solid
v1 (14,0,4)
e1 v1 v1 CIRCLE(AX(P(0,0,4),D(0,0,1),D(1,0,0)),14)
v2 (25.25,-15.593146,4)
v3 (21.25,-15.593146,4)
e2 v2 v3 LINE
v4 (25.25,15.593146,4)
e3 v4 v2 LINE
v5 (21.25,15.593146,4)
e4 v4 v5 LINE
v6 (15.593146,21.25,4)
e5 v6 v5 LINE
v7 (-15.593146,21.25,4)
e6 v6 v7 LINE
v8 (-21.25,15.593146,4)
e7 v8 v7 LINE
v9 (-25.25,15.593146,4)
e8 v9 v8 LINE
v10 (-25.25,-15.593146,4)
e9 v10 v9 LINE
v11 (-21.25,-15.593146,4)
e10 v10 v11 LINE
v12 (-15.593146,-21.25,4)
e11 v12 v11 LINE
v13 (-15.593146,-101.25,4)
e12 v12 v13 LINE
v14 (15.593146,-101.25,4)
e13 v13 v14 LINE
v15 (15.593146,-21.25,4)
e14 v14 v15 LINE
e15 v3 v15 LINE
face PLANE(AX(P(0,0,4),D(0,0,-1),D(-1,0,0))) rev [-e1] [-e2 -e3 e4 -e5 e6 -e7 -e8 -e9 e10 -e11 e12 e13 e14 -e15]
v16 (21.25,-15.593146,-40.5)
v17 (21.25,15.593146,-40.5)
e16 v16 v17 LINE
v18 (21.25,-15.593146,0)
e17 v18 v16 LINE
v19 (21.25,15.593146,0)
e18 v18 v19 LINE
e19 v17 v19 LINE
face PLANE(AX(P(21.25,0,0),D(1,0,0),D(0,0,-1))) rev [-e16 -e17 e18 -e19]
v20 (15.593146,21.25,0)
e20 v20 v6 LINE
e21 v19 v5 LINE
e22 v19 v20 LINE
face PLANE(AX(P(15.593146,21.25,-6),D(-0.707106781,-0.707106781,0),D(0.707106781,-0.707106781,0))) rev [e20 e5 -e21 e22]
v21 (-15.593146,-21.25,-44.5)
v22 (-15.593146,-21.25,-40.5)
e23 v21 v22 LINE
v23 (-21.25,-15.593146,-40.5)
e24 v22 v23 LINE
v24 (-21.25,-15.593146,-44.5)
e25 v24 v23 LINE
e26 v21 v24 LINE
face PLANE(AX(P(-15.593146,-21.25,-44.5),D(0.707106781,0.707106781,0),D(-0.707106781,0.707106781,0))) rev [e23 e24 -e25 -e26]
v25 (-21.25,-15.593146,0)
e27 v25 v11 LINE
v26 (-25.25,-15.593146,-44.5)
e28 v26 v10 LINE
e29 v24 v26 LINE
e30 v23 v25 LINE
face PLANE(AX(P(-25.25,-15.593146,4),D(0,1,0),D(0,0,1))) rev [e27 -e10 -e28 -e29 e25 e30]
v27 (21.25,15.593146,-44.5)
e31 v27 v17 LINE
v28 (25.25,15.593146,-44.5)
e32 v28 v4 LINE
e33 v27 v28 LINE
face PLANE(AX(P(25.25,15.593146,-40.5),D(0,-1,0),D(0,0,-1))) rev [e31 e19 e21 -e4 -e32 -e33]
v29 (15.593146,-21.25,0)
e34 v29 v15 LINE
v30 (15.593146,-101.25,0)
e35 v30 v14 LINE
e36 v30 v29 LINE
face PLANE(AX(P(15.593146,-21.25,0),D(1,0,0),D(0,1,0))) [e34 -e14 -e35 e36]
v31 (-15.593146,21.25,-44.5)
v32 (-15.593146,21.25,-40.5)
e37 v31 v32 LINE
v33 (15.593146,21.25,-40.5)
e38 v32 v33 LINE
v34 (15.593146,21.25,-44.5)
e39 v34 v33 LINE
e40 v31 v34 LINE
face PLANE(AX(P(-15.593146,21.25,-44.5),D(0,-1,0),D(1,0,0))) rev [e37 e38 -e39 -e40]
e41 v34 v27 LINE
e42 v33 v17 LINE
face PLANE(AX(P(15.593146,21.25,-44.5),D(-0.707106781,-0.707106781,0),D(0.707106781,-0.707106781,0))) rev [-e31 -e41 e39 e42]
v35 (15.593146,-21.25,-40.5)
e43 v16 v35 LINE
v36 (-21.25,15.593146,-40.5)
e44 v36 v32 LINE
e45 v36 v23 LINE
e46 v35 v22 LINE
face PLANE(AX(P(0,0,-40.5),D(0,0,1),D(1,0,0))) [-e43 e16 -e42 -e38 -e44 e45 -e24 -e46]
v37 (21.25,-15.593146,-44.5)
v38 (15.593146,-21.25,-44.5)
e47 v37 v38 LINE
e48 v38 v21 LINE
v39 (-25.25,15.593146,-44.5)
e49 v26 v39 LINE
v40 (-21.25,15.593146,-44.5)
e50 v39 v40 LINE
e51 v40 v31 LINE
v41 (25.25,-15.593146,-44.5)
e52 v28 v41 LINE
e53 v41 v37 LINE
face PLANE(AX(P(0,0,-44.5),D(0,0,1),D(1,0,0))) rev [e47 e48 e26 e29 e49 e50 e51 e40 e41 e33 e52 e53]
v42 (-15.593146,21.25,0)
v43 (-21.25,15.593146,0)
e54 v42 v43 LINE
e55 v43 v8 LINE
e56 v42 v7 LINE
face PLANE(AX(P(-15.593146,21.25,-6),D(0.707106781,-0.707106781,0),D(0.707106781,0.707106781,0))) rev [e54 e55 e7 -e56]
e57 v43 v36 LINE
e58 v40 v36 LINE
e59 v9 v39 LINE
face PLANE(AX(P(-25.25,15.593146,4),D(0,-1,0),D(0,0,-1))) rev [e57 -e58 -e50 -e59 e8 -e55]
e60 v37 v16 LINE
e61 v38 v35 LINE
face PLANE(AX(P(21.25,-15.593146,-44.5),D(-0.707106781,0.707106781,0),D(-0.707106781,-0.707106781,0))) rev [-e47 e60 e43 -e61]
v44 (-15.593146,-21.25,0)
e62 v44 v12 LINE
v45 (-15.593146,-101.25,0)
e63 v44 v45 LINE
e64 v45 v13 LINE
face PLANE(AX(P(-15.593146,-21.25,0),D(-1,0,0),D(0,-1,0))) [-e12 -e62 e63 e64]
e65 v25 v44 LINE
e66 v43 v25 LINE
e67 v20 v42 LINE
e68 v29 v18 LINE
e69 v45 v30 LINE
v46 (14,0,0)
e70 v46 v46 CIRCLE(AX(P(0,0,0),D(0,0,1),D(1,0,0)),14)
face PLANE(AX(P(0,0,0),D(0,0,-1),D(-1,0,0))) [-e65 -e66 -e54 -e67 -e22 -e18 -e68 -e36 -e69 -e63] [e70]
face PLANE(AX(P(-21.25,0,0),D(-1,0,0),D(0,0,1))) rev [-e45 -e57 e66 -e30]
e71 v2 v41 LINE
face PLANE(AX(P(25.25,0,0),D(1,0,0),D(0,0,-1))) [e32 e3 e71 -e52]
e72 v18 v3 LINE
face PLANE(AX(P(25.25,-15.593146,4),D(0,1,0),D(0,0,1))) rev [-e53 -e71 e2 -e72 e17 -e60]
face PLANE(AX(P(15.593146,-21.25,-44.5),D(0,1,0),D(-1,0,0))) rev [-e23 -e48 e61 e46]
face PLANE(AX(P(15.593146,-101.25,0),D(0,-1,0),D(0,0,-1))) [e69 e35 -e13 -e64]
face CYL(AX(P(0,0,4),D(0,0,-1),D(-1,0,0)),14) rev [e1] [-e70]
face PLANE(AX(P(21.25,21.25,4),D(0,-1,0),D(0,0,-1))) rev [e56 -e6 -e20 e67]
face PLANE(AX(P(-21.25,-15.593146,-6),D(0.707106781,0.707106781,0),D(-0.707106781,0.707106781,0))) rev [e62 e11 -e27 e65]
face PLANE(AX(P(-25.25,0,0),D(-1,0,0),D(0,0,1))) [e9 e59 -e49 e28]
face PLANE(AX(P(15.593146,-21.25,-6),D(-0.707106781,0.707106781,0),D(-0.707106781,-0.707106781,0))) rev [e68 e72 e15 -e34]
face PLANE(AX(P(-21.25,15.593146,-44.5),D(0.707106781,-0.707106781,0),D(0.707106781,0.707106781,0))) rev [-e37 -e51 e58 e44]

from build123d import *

# Parameters (mm, degrees)
SKETCH1_W           = 42.5
SKETCH1_H           = 42.5
SKETCH1_R           = 14
BOSS_EXTRUDE1_DEPTH = 4
CUT_EXTRUDE1_DEPTH  = 10
SKETCH3_W           = 31.186291502
SKETCH3_H           = 44.5
BOSS_EXTRUDE2_DEPTH = 4
SKETCH4_W           = 31.186291502
SKETCH4_H           = 44.5
BOSS_EXTRUDE3_DEPTH = 4
BOSS_EXTRUDE5_DEPTH = 4
SKETCH8_W           = 31.186291502
SKETCH8_H           = 80
BOSS_EXTRUDE6_DEPTH = 4


with BuildPart() as part:
    # Sketch1 → Boss-Extrude1 (new body)
    with BuildSketch(Plane(origin=(0, 0, 0), x_dir=(0, 1, 0), z_dir=(0, 0, 1))):
        Rectangle(SKETCH1_W, SKETCH1_H)
        with Locations(Location((0, 0, 0), (0, 0, 270))):
            Circle(SKETCH1_R, mode=Mode.SUBTRACT)
    extrude(amount=BOSS_EXTRUDE1_DEPTH)

    # Sketch2 → Cut-Extrude1 (cut)
    with BuildSketch(Plane.XY.offset(4)):
        Polygon((-15.593145751, 21.25), (-21.25, 15.593145751), (-21.25, 21.25), align=None)
        Polygon((-21.25, -15.593145751), (-15.593145751, -21.25), (-21.25, -21.25), align=None)
        Polygon((15.593145751, -21.25), (21.25, -15.593145751), (21.25, -21.25), align=None)
        Polygon((15.593145751, 21.25), (21.25, 15.593145751), (21.25, 21.25), align=None)
    extrude(amount=-CUT_EXTRUDE1_DEPTH, mode=Mode.SUBTRACT)

    # Sketch3 → Boss-Extrude2 (add)
    with BuildSketch(Plane(origin=(-21.25, 0, 0), x_dir=(0, -1, 0), z_dir=(-1, 0, 0))):
        with Locations((0, -18.25)):
            Rectangle(SKETCH3_W, SKETCH3_H)
    extrude(amount=BOSS_EXTRUDE2_DEPTH)

    # Sketch4 → Boss-Extrude3 (add)
    with BuildSketch(Plane.YZ.offset(21.25)):
        with Locations((0, -18.25)):
            Rectangle(SKETCH4_W, SKETCH4_H)
    extrude(amount=BOSS_EXTRUDE3_DEPTH)

    # Sketch6 → Boss-Extrude5 (add)
    with BuildSketch(Plane(origin=(0, 0, -40.5), x_dir=(1, 0, 0), z_dir=(0, 0, -1))):
        Polygon((-21.25, 15.593145751), (-25.25, 15.593145751), (-25.25, -15.593145751), (-21.25, -15.593145751), (-15.593145751, -21.25), (15.593145751, -21.25), (21.25, -15.593145751), (25.25, -15.593145751), (25.25, 15.593145751), (21.25, 15.593145751), (15.593145751, 21.25), (-15.593145751, 21.25), align=None)
    extrude(amount=BOSS_EXTRUDE5_DEPTH)

    # Sketch8 → Boss-Extrude6 (add)
    with BuildSketch(Plane.XY.offset(4)):
        with Locations((0, -61.25)):
            Rectangle(SKETCH8_W, SKETCH8_H)
    extrude(amount=-BOSS_EXTRUDE6_DEPTH)


solid = part.part
